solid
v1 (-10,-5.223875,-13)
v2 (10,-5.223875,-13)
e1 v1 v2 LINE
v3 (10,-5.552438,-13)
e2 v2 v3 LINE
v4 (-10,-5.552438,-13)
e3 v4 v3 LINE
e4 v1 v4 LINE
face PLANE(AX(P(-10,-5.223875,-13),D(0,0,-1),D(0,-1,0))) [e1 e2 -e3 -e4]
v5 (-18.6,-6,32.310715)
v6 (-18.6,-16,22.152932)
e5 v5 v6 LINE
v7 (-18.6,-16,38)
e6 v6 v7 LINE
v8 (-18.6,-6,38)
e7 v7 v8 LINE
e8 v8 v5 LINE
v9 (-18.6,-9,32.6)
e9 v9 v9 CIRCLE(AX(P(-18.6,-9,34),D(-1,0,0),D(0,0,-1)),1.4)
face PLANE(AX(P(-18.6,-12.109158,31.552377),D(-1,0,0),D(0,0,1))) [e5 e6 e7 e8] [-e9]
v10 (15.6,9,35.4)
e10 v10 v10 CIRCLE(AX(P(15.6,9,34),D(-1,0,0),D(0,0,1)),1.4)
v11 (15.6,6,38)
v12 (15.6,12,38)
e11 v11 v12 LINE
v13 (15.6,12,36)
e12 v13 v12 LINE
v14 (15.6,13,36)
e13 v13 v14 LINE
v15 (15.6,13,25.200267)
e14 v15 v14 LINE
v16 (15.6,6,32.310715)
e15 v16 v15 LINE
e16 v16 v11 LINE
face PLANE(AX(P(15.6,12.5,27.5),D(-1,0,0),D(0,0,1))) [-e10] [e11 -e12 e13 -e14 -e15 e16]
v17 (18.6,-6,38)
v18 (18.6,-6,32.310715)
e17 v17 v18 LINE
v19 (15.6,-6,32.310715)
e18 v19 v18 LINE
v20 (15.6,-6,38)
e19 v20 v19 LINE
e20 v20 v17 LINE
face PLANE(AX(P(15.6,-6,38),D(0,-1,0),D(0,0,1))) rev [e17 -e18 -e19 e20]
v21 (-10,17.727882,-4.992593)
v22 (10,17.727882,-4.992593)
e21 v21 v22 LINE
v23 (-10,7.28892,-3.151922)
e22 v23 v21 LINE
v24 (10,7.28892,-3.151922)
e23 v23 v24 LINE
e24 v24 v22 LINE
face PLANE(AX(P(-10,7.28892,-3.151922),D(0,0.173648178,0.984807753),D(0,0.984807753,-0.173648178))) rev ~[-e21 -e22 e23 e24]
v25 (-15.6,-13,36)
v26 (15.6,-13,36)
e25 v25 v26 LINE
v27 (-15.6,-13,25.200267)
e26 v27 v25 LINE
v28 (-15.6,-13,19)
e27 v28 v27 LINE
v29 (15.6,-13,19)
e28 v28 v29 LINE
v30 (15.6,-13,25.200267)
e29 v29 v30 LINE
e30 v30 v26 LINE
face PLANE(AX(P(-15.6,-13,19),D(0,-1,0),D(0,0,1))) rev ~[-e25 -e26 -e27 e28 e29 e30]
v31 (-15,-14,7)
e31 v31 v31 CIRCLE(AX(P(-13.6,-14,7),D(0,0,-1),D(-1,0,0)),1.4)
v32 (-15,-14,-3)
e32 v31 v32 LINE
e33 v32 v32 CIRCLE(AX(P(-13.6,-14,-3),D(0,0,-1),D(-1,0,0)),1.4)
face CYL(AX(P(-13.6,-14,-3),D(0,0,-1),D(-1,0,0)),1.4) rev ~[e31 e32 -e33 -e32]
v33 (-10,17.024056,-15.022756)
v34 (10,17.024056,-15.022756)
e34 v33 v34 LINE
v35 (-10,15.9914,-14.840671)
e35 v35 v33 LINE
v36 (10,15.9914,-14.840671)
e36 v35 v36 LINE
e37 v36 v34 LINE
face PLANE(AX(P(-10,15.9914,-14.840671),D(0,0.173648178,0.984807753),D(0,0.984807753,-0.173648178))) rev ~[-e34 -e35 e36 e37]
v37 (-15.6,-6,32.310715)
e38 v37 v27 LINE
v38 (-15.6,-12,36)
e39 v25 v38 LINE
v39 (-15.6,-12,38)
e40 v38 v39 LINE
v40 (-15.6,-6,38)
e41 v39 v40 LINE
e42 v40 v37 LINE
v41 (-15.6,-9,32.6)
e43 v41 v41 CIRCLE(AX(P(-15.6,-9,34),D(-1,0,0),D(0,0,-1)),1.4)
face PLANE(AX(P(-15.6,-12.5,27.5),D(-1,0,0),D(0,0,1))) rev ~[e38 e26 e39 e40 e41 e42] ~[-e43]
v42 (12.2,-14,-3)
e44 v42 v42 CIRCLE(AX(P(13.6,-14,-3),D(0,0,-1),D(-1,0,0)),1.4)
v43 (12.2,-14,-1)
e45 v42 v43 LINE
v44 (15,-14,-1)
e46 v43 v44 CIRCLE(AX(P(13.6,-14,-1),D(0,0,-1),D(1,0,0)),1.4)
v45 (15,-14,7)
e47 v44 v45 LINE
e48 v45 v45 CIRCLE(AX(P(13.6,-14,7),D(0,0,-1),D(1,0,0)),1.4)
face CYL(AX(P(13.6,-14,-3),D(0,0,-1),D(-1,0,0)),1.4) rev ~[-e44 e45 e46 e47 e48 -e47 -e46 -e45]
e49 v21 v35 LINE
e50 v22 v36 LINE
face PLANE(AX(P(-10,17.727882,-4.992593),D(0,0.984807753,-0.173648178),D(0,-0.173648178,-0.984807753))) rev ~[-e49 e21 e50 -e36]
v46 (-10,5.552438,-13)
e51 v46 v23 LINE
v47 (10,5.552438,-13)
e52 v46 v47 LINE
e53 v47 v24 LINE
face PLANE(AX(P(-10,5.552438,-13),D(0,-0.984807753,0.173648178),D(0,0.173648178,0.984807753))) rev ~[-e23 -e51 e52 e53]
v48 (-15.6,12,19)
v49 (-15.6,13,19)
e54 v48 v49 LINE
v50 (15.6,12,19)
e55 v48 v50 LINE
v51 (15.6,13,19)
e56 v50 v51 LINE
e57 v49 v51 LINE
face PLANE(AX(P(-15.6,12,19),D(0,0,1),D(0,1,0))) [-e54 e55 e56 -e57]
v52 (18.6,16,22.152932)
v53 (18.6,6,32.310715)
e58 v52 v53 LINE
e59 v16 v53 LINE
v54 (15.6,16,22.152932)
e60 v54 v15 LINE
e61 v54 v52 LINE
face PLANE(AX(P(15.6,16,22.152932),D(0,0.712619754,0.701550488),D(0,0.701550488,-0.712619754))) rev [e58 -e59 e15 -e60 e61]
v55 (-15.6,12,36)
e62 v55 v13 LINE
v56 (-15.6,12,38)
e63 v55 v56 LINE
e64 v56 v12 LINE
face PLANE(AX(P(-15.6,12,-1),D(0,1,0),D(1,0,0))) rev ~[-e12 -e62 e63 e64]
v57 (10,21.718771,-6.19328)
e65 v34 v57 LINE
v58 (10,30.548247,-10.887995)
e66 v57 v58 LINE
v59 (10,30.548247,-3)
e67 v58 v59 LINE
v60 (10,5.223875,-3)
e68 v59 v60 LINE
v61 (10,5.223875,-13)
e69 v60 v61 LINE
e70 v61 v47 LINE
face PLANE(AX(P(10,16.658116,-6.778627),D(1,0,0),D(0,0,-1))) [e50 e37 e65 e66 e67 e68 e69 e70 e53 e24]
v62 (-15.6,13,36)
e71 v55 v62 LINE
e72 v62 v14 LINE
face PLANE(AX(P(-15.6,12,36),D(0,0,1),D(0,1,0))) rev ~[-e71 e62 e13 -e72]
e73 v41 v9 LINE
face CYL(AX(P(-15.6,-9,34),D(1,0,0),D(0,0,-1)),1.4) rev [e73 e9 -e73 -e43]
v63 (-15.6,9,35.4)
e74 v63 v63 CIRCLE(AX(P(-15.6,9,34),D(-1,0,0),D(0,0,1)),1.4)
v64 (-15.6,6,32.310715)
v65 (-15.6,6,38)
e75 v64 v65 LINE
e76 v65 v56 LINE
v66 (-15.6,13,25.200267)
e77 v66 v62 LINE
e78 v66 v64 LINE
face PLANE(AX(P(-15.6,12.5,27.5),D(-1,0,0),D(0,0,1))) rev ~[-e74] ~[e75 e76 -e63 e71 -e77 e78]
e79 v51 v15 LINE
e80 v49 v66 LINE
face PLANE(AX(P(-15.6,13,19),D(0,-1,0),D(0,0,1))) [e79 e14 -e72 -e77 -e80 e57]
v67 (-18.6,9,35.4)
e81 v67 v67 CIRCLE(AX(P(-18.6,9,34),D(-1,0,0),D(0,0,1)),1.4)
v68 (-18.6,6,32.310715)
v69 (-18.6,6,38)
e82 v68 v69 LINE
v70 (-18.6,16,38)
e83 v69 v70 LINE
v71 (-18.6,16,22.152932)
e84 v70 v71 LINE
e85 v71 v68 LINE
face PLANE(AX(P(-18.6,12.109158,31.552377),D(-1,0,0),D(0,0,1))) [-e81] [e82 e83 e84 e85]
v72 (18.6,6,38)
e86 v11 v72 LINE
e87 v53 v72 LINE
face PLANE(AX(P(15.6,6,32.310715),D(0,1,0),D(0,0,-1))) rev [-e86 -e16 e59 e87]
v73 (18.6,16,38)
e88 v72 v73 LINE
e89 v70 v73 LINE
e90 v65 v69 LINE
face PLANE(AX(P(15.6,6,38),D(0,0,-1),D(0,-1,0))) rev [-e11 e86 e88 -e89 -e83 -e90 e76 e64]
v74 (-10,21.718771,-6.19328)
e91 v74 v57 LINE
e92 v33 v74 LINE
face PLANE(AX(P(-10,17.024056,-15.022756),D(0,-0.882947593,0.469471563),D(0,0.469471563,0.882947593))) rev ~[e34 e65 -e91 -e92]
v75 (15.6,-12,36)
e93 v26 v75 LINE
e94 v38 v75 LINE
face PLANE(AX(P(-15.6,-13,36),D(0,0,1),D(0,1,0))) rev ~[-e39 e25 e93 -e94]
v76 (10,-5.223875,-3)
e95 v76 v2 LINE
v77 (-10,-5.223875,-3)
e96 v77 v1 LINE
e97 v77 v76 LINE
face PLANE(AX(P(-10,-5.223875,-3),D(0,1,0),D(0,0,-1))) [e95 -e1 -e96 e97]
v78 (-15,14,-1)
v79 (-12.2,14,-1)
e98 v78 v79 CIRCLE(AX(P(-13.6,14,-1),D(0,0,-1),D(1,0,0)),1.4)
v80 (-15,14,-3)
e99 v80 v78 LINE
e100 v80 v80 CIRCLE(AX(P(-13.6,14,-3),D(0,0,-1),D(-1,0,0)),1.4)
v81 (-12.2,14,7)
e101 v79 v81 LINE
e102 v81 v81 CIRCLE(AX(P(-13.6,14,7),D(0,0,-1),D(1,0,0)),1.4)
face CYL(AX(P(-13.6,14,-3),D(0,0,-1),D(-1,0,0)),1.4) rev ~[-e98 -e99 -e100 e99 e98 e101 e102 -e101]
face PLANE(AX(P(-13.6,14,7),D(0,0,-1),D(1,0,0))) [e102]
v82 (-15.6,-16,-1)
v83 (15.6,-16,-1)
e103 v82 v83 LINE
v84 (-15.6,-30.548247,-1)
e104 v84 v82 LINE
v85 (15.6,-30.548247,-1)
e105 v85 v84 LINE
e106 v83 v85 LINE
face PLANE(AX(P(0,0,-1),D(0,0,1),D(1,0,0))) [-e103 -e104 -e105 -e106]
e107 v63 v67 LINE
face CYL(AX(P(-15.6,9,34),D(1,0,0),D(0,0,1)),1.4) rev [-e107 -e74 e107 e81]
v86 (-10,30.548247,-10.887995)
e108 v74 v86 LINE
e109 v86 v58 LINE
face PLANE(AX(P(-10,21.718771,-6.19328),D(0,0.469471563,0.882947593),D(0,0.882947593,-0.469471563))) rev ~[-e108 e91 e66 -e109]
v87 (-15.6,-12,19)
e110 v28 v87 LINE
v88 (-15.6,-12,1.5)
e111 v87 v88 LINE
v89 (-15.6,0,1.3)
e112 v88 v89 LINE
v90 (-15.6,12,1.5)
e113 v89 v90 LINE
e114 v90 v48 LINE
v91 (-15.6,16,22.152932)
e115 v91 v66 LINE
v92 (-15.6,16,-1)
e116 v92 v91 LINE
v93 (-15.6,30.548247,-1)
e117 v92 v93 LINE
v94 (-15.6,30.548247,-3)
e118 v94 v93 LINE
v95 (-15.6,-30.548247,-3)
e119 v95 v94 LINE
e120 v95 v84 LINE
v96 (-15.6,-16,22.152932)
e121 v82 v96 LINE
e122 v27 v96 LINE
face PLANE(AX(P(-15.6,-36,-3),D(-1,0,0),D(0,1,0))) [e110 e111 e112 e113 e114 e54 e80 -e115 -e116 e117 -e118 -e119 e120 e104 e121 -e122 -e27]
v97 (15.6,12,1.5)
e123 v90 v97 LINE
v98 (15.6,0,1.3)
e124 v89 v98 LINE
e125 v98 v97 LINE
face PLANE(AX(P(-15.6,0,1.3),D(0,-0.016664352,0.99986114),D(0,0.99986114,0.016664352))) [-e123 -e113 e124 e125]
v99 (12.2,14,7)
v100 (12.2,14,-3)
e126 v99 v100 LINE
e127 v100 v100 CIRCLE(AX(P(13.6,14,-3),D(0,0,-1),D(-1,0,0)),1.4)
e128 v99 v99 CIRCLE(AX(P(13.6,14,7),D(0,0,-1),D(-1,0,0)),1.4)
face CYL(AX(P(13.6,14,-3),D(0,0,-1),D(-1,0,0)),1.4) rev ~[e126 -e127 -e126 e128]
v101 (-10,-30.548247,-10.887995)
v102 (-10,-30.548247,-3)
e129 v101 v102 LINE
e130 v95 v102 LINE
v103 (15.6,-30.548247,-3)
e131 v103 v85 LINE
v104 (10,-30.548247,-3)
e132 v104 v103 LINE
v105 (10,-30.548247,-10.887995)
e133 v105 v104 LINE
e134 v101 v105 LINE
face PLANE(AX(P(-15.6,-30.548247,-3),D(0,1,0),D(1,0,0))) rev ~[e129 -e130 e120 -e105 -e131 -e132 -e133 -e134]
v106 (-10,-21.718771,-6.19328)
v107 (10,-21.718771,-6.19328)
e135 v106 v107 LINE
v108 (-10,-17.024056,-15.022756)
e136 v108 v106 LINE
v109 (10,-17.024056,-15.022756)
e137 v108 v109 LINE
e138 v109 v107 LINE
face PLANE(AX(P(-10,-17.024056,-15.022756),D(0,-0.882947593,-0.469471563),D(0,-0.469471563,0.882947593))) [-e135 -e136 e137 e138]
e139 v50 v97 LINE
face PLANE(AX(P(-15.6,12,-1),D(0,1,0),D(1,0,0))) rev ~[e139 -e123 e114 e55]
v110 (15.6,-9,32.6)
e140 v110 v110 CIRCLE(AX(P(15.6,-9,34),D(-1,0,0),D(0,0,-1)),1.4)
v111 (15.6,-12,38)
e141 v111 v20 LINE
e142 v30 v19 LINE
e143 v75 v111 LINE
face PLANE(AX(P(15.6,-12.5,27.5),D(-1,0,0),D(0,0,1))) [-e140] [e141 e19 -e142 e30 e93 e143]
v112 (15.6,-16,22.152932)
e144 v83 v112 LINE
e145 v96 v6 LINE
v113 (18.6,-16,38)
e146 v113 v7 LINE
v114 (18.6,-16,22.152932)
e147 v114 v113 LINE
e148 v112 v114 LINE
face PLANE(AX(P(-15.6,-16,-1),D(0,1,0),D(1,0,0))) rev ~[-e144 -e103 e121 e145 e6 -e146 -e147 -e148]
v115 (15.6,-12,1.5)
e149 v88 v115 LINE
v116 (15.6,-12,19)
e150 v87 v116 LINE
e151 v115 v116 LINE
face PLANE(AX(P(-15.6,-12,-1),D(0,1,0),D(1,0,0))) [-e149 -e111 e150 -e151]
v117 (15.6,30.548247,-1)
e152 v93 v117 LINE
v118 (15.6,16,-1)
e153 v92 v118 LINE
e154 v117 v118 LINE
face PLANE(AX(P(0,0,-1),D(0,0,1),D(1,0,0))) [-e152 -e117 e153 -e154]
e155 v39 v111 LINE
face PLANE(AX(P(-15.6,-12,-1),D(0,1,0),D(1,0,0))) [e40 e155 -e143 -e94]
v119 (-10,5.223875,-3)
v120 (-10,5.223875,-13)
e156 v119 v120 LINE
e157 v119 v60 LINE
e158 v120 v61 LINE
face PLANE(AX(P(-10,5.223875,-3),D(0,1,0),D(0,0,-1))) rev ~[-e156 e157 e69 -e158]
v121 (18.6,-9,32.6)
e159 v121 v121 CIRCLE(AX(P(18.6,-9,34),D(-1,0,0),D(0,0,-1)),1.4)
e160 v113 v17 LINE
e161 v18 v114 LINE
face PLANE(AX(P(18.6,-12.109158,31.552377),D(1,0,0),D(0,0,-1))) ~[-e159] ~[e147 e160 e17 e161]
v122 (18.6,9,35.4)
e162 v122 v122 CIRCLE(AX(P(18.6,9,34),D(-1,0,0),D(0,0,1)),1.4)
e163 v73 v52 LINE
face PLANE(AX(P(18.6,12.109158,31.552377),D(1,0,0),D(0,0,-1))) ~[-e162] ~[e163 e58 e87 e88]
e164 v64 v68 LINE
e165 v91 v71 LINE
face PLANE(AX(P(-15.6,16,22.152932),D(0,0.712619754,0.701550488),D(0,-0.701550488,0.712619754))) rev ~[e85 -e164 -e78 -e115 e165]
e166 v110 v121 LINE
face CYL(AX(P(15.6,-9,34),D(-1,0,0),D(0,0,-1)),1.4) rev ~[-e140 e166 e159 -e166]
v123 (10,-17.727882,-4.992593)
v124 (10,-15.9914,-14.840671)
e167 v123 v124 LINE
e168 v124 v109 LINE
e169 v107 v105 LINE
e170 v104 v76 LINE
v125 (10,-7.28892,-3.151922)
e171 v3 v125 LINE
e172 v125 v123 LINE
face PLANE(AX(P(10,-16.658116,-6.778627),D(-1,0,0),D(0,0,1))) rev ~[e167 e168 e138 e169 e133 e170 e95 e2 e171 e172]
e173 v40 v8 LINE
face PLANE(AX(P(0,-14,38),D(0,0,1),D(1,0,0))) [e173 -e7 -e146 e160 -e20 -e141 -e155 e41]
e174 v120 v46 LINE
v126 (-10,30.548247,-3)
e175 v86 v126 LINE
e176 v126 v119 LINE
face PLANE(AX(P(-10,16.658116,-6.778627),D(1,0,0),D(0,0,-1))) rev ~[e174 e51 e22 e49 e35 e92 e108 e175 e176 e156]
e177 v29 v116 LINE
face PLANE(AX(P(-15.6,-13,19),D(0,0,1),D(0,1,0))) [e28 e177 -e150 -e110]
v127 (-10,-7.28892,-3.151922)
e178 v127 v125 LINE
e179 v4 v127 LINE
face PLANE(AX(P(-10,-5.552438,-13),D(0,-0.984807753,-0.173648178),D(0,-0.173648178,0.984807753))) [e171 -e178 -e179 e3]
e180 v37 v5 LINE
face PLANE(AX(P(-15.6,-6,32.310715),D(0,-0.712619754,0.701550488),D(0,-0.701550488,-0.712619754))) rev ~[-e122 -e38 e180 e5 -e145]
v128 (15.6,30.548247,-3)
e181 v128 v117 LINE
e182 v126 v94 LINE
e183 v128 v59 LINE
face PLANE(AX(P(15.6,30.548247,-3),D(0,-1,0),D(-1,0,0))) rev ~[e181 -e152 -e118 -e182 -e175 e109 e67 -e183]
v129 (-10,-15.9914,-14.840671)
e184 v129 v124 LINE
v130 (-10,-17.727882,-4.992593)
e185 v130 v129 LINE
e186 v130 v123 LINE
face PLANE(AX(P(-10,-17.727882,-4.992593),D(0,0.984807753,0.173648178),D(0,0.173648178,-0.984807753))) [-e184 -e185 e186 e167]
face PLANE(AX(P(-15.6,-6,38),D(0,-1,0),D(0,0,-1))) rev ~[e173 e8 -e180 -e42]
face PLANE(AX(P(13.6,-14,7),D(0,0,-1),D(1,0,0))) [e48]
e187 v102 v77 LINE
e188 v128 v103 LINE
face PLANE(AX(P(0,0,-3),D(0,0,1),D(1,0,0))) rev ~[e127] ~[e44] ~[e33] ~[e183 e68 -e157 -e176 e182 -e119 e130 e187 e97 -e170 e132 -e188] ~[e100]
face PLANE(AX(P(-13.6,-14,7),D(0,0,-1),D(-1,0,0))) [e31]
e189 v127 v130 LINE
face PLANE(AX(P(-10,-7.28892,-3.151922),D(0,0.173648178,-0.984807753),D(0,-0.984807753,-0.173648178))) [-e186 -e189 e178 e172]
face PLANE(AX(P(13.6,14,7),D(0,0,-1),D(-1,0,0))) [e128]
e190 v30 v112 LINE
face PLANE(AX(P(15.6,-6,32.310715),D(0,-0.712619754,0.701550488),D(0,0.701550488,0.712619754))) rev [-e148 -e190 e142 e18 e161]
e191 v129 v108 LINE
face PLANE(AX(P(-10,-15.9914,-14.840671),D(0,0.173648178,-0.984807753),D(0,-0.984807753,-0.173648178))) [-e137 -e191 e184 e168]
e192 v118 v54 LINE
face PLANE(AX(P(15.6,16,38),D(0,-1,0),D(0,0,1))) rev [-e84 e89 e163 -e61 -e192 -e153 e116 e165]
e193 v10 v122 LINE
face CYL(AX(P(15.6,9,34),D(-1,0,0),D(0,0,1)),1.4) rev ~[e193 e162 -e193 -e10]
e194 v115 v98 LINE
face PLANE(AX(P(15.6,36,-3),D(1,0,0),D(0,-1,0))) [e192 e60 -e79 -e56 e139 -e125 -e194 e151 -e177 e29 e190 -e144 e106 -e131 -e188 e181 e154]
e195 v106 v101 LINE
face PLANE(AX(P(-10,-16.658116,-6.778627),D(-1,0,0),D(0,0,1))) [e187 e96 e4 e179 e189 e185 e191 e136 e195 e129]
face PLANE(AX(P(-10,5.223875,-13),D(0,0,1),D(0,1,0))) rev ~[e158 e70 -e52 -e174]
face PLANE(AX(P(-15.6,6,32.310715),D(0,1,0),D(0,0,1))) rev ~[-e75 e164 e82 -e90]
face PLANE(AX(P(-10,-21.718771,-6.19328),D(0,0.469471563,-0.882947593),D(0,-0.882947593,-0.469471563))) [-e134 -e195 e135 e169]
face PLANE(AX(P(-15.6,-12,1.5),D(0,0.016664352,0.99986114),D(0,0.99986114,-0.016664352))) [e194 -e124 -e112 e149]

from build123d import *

# Parameters (mm, degrees)
EXTRUDE_1_DEPTH      = 2
EXTRUDE_1_DEPTH_BACK = 1
SKETCH_1_W           = 31.2
SKETCH_1_H           = 24
EXTRUDE_2_DEPTH      = 36
EXTRUDE_2_DEPTH_BACK = 3
SKETCH_2_W           = 31.2
SKETCH_2_H           = 4
SKETCH_3_R           = 1.4
EXTRUDE_3_DEPTH      = 3
SKETCH_4_R           = 1.4
CUT_EXTRUDE_1_DEPTH  = 8
SKETCH_5_W           = 17
SKETCH_5_H           = 1
CUT_EXTRUDE_2_DEPTH  = 31.2
CUT_EXTRUDE_3_DEPTH  = 31.2
EXTRUDE_START        = 2
SKETCH_7_R           = 1.4
EXTRUDE_4_DEPTH      = 2
EXTRUDE_5_DEPTH      = 10
EXTRUDE_5_DEPTH_BACK = 10
CUT_EXTRUDE_4_DEPTH  = 10


with BuildPart() as part:
    # 草图1 → 凸台-拉伸1 (new, two sides: drawn at the far end of the back side and taken through both)
    with BuildSketch(Plane.XY.offset(-EXTRUDE_1_DEPTH_BACK)):
        Rectangle(SKETCH_1_W, SKETCH_1_H)
    extrude(amount=EXTRUDE_1_DEPTH + EXTRUDE_1_DEPTH_BACK)

    # 草图2 → 凸台-拉伸2 (add, two sides: drawn at the far end of the back side and taken through both)
    with BuildSketch(Plane.XY.offset(2).offset(-EXTRUDE_2_DEPTH_BACK)):
        with Locations((0, 14)):
            Rectangle(SKETCH_2_W, SKETCH_2_H)
        with Locations((0, -14)):
            Rectangle(SKETCH_2_W, SKETCH_2_H)
    extrude(amount=EXTRUDE_2_DEPTH + EXTRUDE_2_DEPTH_BACK)

    # 草图3 → 凸台-拉伸3 (add)
    # profile 1 of 2: a face of its own
    with BuildSketch(Plane.ZY.offset(15.6)):
        Polygon((38, 16), (31, 16), (22.152932489, 16), (32.310715372, 6), (38, 6), align=None)
        with Locations((34, 9)):
            Circle(SKETCH_3_R, mode=Mode.SUBTRACT)
    # profile 2 of 2: a face of its own
    with BuildSketch(Plane.ZY.offset(15.6)):
        Polygon((38, -16), (38, -6), (32.310715372, -6), (22.152932489, -16), (31, -16), align=None)
        with Locations(Location((34, -9, 0), (0, 0, 180))):
            Circle(SKETCH_3_R, mode=Mode.SUBTRACT)
    extrude_3 = extrude(amount=EXTRUDE_3_DEPTH)

    # 草图4 → 切除-拉伸1 (cut)
    with BuildSketch(Plane(origin=(0, 0, -1), x_dir=(-1, 0, 0), z_dir=(0, 0, -1))):
        with Locations((13.6, -14)):
            Circle(SKETCH_4_R)
        with Locations(Location((13.6, 14, 0), (0, 0, 180))):
            Circle(SKETCH_4_R)
        with Locations(Location((-13.6, -14, 0), (0, 0, 180))):
            Circle(SKETCH_4_R)
        with Locations((-13.6, 14)):
            Circle(SKETCH_4_R)
    extrude(amount=-CUT_EXTRUDE_1_DEPTH, mode=Mode.SUBTRACT)

    # 镜向1: 凸台-拉伸3 across plane
    add(extrude_3.mirror(Plane(origin=(0, 0, 0), x_dir=(0, 0, 1), z_dir=(1, 0, 0))))

    # 草图5 → 切除-拉伸2 (cut)
    with BuildSketch(Plane.ZY.offset(15.6)):
        with Locations((27.5, 12.5)):
            Rectangle(SKETCH_5_W, SKETCH_5_H)
        with Locations((27.5, -12.5)):
            Rectangle(SKETCH_5_W, SKETCH_5_H)
    extrude(amount=-CUT_EXTRUDE_2_DEPTH, mode=Mode.SUBTRACT)

    # 草图6 → 切除-拉伸3 (cut)
    with BuildSketch(Plane.ZY.offset(15.6)):
        Polygon((1.3, 0), (1.5, 12), (2, 12), (2, -12), (1.5, -12), align=None)
    extrude(amount=-CUT_EXTRUDE_3_DEPTH, mode=Mode.SUBTRACT)

    # 草图7 → 凸台-拉伸4 (add)
    with BuildSketch(Plane(origin=(0, 0, -1), x_dir=(-1, 0, 0), z_dir=(0, 0, -1)).offset(EXTRUDE_START)):
        Polygon((-15.6, -16), (-15.6, 16), (-15.6, 36), (15.6, 36), (15.6, 16), (15.6, -16), (15.6, -36), (-15.6, -36), align=None)
        with Locations((-13.6, -14)):
            Circle(SKETCH_7_R, mode=Mode.SUBTRACT)
        with Locations((-13.6, 14)):
            Circle(SKETCH_7_R, mode=Mode.SUBTRACT)
        with Locations((13.6, 14)):
            Circle(SKETCH_7_R, mode=Mode.SUBTRACT)
        with Locations((13.6, -14)):
            Circle(SKETCH_7_R, mode=Mode.SUBTRACT)
    extrude(amount=-EXTRUDE_4_DEPTH)

    # 草图8 → 凸台-拉伸5 (add, two sides: drawn at the far end of the back side and taken through both)
    with BuildSketch(Plane(origin=(0, 0, 0), x_dir=(0, 0, -1), z_dir=(1, 0, 0)).offset(-EXTRUDE_5_DEPTH_BACK)):
        Polygon((6.193279754, 21.718771198), (10.887995382, 30.548247127), (3, 30.548247127), (3, 5.223875299), (13, 5.223875299), (13, 5.552438043), (3.15192247, 7.288919819), (4.992593153, 17.727882001), (14.840670683, 15.991400225), (15.022755683, 17.024055571), align=None)
        Polygon((10.887995382, -30.548247127), (3, -30.548247127), (3, -5.223875299), (13, -5.223875299), (13, -5.552438043), (3.15192247, -7.288919819), (4.992593153, -17.727882001), (14.840670683, -15.991400225), (15.022755683, -17.024055571), (6.193279754, -21.718771198), align=None)
    extrude(amount=EXTRUDE_5_DEPTH + EXTRUDE_5_DEPTH_BACK)

    # 草图9 → 切除-拉伸4 (cut)
    with BuildSketch(Plane(origin=(0, 0, -3), x_dir=(-1, 0, 0), z_dir=(0, 0, -1))):
        Polygon((15.6, 36), (-10, 36), (-15.6, 36), (-15.6, 30.548247127), (-10, 30.548247127), (15.6, 30.548247127), align=None)
        Polygon((15.6, -36), (-10, -36), (-15.6, -36), (-15.6, -30.548247127), (-10, -30.548247127), (15.6, -30.548247127), align=None)
    extrude(amount=-CUT_EXTRUDE_4_DEPTH, mode=Mode.SUBTRACT)


solid = part.part
